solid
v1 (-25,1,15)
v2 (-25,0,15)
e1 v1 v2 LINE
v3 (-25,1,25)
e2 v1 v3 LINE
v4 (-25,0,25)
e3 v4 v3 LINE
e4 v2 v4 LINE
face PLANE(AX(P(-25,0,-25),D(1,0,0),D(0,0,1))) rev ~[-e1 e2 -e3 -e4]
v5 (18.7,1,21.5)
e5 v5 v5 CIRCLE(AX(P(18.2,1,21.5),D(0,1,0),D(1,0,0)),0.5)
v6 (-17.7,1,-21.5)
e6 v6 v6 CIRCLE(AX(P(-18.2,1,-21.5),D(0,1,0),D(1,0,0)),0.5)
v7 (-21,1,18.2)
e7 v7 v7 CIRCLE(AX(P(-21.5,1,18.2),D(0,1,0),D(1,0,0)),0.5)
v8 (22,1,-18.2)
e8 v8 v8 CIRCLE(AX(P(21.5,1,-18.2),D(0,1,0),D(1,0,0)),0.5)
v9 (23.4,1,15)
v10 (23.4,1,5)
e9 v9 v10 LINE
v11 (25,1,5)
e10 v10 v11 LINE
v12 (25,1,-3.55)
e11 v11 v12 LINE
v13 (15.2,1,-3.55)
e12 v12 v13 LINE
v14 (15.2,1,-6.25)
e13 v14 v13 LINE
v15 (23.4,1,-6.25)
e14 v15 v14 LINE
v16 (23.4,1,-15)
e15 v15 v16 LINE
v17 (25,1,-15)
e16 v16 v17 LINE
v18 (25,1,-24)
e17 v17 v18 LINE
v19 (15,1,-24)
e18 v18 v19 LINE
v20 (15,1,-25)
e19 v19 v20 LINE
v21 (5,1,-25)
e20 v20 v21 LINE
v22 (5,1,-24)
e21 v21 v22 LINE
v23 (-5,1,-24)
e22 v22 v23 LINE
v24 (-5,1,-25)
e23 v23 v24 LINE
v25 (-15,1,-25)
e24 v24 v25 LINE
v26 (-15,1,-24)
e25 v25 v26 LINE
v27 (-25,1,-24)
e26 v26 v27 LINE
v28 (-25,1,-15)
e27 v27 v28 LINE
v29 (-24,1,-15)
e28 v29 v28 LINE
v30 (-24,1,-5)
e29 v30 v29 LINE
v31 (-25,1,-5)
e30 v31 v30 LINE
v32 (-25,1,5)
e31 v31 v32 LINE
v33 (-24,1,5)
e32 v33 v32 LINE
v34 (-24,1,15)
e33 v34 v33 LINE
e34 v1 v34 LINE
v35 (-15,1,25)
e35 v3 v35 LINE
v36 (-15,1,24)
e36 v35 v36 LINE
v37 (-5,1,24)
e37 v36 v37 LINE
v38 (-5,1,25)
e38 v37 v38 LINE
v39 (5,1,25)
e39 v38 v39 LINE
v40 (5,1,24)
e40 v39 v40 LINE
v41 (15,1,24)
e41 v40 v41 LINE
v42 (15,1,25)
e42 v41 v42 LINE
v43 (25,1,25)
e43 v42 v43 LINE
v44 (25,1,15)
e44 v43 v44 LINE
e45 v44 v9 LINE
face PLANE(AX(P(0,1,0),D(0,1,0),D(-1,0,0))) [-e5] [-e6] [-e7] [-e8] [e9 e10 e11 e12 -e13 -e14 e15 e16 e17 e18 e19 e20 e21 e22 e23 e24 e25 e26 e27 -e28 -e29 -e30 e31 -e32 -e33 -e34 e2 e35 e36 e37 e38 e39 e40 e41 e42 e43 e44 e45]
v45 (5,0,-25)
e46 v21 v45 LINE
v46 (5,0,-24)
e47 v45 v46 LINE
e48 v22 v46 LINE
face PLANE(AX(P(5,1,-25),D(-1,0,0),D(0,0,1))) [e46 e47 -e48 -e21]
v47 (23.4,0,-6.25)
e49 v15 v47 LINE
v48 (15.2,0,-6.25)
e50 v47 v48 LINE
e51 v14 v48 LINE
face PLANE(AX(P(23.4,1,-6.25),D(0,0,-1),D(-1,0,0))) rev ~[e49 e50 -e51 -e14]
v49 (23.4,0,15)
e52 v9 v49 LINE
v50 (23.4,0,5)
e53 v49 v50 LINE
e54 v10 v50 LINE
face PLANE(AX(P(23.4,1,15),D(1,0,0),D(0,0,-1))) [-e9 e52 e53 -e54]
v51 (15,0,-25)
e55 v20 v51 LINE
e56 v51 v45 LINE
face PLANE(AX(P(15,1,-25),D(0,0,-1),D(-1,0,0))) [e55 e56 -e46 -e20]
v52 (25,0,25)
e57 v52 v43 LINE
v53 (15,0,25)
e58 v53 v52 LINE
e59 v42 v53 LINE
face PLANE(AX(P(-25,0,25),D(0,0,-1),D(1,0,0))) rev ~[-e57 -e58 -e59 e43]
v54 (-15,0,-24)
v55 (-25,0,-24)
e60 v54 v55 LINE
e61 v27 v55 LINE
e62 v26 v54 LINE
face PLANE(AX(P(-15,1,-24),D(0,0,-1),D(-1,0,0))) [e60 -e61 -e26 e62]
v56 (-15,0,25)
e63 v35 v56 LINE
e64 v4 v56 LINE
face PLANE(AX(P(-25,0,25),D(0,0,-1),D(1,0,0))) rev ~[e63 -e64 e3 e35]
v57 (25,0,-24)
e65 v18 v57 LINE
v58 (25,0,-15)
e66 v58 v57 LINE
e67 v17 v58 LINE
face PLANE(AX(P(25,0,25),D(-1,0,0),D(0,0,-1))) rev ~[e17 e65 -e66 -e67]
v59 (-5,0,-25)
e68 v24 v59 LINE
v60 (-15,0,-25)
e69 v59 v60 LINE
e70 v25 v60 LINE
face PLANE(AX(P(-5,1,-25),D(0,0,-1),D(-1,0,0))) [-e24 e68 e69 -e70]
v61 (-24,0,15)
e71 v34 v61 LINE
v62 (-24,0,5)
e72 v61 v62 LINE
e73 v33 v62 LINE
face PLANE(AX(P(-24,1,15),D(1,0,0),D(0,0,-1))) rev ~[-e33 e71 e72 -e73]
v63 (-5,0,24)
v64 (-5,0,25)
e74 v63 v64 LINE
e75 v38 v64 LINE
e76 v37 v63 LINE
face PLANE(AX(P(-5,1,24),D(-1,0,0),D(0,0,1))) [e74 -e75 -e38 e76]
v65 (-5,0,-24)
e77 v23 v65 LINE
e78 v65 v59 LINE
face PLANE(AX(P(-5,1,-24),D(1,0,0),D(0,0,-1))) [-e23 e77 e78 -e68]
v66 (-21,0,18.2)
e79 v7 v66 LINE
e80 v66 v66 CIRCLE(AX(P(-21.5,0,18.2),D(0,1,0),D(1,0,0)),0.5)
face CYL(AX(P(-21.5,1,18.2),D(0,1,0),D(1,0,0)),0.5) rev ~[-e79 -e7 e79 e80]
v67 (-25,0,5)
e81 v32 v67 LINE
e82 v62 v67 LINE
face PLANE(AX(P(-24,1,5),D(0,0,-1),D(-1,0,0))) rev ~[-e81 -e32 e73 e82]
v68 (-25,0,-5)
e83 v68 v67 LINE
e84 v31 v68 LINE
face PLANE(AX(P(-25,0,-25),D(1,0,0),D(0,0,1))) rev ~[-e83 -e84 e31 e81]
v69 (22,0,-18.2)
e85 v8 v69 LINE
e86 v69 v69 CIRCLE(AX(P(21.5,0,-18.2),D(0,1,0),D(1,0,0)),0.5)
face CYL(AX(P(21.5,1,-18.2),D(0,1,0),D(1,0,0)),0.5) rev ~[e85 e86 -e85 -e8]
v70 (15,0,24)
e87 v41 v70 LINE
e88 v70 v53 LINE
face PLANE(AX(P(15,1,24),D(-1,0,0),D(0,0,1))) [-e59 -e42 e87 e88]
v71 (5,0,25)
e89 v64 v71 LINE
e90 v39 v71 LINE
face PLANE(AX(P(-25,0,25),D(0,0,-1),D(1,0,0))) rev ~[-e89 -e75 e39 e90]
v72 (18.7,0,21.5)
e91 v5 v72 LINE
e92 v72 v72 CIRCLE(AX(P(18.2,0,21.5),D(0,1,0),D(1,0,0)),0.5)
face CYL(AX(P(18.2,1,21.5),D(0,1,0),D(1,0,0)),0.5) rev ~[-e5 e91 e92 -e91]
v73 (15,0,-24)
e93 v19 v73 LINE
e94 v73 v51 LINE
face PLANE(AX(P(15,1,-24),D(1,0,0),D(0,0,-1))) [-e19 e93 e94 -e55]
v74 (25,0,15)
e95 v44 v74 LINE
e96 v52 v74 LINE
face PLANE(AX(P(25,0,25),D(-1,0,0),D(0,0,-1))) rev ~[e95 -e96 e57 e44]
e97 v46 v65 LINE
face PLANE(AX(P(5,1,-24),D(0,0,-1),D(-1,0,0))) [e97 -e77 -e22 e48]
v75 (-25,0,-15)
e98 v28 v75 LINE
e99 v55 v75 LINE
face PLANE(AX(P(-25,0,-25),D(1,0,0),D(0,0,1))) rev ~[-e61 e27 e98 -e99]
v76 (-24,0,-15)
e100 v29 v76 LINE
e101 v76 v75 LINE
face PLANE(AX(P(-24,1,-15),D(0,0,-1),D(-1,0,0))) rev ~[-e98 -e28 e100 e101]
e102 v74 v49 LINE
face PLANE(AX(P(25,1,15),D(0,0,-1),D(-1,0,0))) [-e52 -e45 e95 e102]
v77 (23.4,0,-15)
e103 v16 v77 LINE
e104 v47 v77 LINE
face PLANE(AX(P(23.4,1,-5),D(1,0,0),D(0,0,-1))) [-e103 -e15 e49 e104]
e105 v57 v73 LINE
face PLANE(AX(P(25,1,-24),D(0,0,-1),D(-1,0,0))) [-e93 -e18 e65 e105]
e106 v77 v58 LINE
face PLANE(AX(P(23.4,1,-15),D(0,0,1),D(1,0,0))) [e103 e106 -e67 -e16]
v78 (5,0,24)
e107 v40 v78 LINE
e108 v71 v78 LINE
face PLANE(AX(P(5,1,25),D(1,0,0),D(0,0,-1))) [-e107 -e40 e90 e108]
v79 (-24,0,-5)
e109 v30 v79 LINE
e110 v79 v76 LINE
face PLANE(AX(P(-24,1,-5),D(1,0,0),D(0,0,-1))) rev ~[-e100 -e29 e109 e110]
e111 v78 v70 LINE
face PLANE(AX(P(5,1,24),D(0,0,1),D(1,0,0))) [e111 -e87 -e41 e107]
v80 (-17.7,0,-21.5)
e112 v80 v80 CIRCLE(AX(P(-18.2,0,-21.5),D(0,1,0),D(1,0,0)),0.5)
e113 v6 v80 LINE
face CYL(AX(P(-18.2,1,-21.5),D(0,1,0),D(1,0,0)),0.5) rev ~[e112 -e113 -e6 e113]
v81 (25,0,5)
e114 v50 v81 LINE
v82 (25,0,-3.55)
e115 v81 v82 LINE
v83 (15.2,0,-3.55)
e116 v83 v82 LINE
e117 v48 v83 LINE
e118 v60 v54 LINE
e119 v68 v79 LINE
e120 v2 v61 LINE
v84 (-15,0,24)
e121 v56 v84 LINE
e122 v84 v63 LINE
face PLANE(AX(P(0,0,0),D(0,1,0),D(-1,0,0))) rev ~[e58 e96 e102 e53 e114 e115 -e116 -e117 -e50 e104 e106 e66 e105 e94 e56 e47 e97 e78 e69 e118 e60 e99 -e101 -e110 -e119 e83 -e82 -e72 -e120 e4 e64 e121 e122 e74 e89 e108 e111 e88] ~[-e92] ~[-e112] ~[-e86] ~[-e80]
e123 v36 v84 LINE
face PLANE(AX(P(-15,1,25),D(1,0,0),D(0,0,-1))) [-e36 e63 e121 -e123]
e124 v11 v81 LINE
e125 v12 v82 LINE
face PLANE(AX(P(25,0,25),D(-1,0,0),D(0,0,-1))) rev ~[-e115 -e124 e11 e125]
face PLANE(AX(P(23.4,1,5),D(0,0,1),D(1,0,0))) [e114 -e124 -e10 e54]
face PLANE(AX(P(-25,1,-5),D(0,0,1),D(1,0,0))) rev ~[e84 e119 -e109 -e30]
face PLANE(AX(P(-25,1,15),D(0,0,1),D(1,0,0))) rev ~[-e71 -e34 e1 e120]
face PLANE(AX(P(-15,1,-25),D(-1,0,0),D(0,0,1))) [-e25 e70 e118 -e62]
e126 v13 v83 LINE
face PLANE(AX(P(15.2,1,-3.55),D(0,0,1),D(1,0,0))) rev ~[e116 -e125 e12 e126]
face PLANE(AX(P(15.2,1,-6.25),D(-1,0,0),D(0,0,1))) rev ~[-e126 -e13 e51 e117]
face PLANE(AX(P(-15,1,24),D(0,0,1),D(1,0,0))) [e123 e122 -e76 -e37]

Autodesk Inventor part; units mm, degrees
ref_plane "YZ Plane" through (0, 0, 0) normal (1, 0, 0) x (0, 1, 0)
ref_plane "XZ Plane" through (0, 0, 0) normal (0, 1, 0) x (-1, 0, 0)
ref_plane "XY Plane" through (0, 0, 0) normal (0, 0, 1) x (1, 0, 0)
sketch "Sketch1" plane through (0, 0, 0) normal (0, 1, 0) x (-1, 0, 0)
  line L0 (-25, -25) -> (25, -25)
  line L1 (25, -25) -> (25, 25)
  line L2 (25, 25) -> (-25, 25)
  line L3 (-25, 25) -> (-25, -25)
  line L4 (-25, -25) -> (25, 25) construction
  line L5 (25, -25) -> (-25, 25) construction
  point P0 (0, 0)
  dimension "d0" = 50
  dimension "d1" = 50
extrude "Extrusion1" add sketch "Sketch1" along normal blind 1
sketch "Sketch2" plane through (0, 1, 0) normal (0, 1, 0) x (1, 0, 0)
  line L0 (25, -25) -> (25, -15)
  line L1 (25, -25) -> (25, 25) projected
  line L2 (25, -15) -> (23.4, -15)
  line L3 (23.4, -15) -> (23.4, -5)
  line L4 (23.4, -5) -> (25, -5)
  line L5 (25, -5) -> (25, 5)
  line L6 (25, 5) -> (23.4, 5)
  line L7 (23.4, 5) -> (23.4, 15)
  line L8 (23.4, 15) -> (25, 15)
  line L9 (25, 15) -> (25, 25)
  line L10 (27, 25) -> (27, -25)
  line L11 (27, -25) -> (25, -25)
  point P0 (0, 0)
  dimension "d4" = 1.6
  dimension "d5" = 10
  dimension "d6" = 10
extrude "Extrusion2" cut sketch "Sketch2" against normal blind 1
sketch "Sketch3" plane through (0, 1, 0) normal (0, 1, 0) x (1, 0, 0)
  line L0 (25, 25) -> (25, 24)
  line L1 (25, 24) -> (15, 24)
  line L2 (15, 24) -> (15, 25)
  line L3 (25, 25) -> (-25, 25) projected
  line L4 (15, 25) -> (5, 25)
  line L5 (5, 25) -> (5, 24)
  line L6 (5, 24) -> (-5, 24)
  line L7 (-5, 24) -> (-5, 25)
  line L8 (-5, 25) -> (-15, 25)
  line L9 (-15, 25) -> (-15, 24)
  line L10 (-15, 24) -> (-25, 24)
  line L11 (-25, 24) -> (-25, 27)
  line L12 (-25, 27) -> (25, 27)
  line L13 (25, 27) -> (25, 25)
  point P0 (0, 0)
extrude "Extrusion3" cut sketch "Sketch3" against normal blind 1
sketch "Sketch4" plane through (0, 1, 0) normal (0, 1, 0) x (1, 0, 0)
  line L0 (-25, -25) -> (-25, -15)
  line L1 (-25, -15) -> (-24, -15)
  line L2 (-24, -15) -> (-24, -5)
  line L3 (-24, -5) -> (-25, -5)
  line L4 (-25, 24) -> (-25, -25) projected
  line L5 (-25, -5) -> (-25, 5)
  line L6 (-25, 24) -> (-25, -25) projected
  line L7 (-25, 5) -> (-24, 5)
  line L8 (-24, 5) -> (-24, 15)
  line L9 (-24, 15) -> (-25, 15)
  line L10 (-25, 24) -> (-27, 23)
  line L11 (-27, 23) -> (-27, -24.2648)
  line L12 (-27, -24.2648) -> (-25, -25)
  point P0 (0, 0)
  dimension "d11" = 10
  dimension "d12" = 10
  dimension "d13" = 10
extrude "Extrusion4" cut sketch "Sketch4" against normal blind 1 contours L4 L3 L2 L1 | L4 L9 L8 L7
sketch "Sketch5" plane through (0, 1, 0) normal (0, 1, 0) x (1, 0, 0)
  line L0 (-25, -25) -> (-15, -25)
  line L1 (-25, -25) -> (25, -25) projected
  line L2 (-15, -25) -> (-15, -24)
  line L3 (-15, -24) -> (-5, -24)
  line L4 (-5, -24) -> (-5, -25)
  line L5 (-5, -25) -> (5, -25)
  line L6 (5, -25) -> (5, -24)
  line L7 (5, -24) -> (15, -24)
  line L8 (15, -24) -> (15, -25)
  line L9 (25, -25) -> (25, -26)
  line L10 (25, -26) -> (-25, -26)
  line L11 (-25, -26) -> (-25, -25)
  point P0 (0, 0)
  dimension "d16" = 10
extrude "Extrusion5" cut sketch "Sketch5" against normal blind 1 contours L2 L3 L4 L1 | L6 L7 L8 L1
sketch "Sketch6" plane through (0, 1, 0) normal (0, 1, 0) x (1, 0, 0)
  circle A0 centre (-21.5, -18.2) radius 0.5
  circle A1 centre (-18.2, 21.5) radius 0.5
  circle A2 centre (18.2, -21.5) radius 0.5
  circle A3 centre (21.5, 18.2) radius 0.5
  line L0 (15, -25) -> (25, -25) projected
  line L1 (25, -25) -> (25, -15) projected
  line L2 (-25, -25) -> (-15, -25) projected
  line L3 (-25, -15) -> (-25, -25) projected
  line L4 (-5, 25) -> (-15, 25) projected
  line L5 (-25, 24) -> (-25, 15) projected
  line L6 (25, 24) -> (15, 24) projected
  line L7 (25, 15) -> (25, 24) projected
  point P0 (0, 0)
  dimension "d21" = 1
  dimension "d22" = 1
  dimension "d23" = 1
  dimension "d24" = 1
  dimension "d25" = 3.5
  dimension "d26" = 6.8
  dimension "d27" = 6.8
  dimension "d28" = 3.5
  dimension "d29" = 3.5
  dimension "d30" = 6.8
  dimension "d31" = 5.8
  dimension "d32" = 3.5
extrude "Extrusion6" cut sketch "Sketch6" against normal blind 1
sketch "Sketch7" plane through (0, 1, 0) normal (0, 1, 0) x (1, 0, 0)
  line L0 (15.2, 3.55) -> (23.4, 3.55)
  line L1 (23.4, 3.55) -> (23.4, 6.25)
  line L2 (23.4, 6.25) -> (15.2, 6.25)
  line L3 (15.2, 6.25) -> (15.2, 3.55)
  line L4 (23.4, -15) -> (23.4, -5) projected
  line L5 (15, -25) -> (25, -25) projected
  line L6 (23.4, 3.55) -> (25, 3.55)
  line L7 (25, 3.55) -> (25, 5)
  line L8 (25, 5) -> (23.4, 5)
  line L9 (23.4, 5) -> (23.4, 3.55)
  point P0 (0, 0)
  dimension "d37" = 8.2
  dimension "d38" = 2.7
  dimension "d39" = 0
  dimension "d40" = 28.55
extrude "Extrusion8" cut sketch "Sketch7" against normal blind 10
properties part number "Side Panel" material "ABS Plastic"
